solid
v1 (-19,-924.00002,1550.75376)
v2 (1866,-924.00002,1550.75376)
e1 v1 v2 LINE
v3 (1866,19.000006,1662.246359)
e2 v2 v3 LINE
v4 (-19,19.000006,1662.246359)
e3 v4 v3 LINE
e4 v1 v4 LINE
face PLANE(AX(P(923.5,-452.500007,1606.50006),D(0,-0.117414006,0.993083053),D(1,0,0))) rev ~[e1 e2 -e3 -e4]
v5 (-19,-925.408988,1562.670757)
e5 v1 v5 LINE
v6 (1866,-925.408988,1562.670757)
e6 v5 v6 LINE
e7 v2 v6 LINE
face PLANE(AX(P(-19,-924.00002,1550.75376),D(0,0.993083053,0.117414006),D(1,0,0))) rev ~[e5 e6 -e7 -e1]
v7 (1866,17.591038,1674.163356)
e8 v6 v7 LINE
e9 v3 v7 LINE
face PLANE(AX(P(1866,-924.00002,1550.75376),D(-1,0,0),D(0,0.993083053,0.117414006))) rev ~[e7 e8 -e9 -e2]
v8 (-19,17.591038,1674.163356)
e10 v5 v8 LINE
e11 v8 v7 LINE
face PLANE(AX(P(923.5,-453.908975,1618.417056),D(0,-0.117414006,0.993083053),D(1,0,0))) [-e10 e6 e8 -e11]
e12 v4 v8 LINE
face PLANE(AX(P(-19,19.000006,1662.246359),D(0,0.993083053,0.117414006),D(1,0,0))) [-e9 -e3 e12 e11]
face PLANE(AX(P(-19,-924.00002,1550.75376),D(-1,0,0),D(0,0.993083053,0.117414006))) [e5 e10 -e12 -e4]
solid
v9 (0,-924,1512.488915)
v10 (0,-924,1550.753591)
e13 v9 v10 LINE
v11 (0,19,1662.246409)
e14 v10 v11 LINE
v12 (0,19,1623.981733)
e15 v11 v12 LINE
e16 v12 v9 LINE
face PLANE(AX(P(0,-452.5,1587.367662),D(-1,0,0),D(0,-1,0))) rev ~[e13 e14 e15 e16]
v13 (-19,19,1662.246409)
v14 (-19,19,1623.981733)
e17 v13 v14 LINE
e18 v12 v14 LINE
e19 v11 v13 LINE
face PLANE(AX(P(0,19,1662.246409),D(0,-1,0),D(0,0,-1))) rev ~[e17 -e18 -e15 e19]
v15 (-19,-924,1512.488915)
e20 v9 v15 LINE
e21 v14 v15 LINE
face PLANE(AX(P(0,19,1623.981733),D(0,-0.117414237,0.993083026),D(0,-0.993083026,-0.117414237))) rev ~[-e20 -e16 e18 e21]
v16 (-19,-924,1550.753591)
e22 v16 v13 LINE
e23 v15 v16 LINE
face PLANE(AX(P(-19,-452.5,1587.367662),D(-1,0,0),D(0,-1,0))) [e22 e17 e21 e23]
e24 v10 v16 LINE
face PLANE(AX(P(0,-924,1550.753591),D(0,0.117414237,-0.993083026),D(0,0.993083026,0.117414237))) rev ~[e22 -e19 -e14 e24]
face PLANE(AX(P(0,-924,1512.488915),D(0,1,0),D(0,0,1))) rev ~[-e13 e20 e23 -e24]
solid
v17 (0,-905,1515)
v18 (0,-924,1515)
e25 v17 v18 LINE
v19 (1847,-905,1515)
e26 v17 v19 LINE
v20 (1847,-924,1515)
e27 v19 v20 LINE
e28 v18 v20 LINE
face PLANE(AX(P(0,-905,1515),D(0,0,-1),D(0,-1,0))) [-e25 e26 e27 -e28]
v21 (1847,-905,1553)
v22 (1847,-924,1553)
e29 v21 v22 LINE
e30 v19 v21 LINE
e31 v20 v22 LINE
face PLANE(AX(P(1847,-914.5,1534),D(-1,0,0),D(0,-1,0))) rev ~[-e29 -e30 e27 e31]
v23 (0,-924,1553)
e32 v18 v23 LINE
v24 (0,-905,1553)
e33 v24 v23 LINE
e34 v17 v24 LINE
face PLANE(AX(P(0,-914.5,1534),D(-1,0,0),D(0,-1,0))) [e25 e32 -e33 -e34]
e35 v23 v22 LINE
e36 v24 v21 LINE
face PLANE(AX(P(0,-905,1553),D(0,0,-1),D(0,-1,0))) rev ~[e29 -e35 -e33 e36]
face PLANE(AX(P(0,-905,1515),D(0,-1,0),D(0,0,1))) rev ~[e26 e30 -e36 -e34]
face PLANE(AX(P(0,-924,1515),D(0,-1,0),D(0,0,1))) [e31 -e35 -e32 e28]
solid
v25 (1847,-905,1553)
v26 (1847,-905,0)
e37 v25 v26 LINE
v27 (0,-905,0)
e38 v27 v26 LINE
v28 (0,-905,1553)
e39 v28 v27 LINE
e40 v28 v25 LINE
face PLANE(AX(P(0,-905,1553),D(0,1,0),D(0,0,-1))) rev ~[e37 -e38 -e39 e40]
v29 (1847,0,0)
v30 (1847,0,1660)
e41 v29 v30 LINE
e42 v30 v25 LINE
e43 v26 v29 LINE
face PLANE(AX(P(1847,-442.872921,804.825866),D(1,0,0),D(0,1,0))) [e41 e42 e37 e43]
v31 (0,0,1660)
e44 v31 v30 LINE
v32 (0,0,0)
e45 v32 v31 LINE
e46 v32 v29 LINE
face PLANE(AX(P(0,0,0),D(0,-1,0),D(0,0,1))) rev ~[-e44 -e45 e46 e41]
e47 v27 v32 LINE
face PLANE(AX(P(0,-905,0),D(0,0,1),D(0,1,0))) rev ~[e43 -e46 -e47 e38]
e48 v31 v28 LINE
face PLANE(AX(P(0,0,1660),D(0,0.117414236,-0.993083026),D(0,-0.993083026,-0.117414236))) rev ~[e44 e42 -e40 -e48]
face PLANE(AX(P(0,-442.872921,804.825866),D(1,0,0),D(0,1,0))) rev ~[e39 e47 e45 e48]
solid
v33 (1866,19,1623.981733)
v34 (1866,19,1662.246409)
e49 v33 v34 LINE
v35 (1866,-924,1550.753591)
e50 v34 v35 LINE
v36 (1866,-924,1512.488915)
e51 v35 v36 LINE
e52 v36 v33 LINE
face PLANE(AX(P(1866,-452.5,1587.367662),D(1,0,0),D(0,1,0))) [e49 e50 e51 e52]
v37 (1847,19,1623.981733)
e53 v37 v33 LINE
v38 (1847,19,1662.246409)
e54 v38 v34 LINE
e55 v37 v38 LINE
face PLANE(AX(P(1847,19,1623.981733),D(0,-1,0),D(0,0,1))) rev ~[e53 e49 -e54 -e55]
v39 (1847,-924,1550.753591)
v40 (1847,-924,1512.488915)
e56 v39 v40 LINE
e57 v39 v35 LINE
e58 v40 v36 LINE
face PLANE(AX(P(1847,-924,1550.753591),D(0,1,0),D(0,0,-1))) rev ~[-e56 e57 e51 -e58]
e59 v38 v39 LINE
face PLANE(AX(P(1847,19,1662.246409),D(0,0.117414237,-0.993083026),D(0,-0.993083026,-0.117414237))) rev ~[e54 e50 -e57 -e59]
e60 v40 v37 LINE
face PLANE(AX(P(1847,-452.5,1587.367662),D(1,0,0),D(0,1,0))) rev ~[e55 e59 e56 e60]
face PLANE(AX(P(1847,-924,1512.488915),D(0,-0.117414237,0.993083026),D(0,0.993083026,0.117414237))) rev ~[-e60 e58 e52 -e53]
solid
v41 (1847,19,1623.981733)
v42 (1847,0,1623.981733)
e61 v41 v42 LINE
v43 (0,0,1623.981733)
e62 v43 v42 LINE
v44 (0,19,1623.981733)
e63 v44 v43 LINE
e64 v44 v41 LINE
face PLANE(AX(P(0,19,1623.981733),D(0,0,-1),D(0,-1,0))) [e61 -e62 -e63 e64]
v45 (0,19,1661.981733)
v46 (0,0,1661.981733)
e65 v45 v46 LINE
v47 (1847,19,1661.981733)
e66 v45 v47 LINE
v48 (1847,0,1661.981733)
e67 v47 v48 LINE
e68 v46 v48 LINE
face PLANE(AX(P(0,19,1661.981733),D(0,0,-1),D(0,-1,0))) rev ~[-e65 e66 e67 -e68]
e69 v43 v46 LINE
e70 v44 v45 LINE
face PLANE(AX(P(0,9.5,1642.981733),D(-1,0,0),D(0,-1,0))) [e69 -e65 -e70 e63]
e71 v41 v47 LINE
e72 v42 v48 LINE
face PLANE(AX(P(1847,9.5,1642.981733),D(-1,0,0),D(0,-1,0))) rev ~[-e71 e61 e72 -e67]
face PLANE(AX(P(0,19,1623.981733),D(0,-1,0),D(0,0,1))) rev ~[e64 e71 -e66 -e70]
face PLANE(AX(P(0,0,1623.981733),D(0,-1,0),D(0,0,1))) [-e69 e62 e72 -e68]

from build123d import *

# Parameters (mm, degrees)
F1_DEPTH = 1847
F2_W     = 19
F2_H     = 38
F3_DEPTH = 1847
F5_DEPTH = 19
F7_DEPTH = 19
F8_W     = 1885
F8_H     = 949.568138
F9_DEPTH = 12


with BuildPart() as f1:
    # F0 (on Right) → F1 (new body)
    with BuildSketch(Plane.YZ):
        Polygon((-905, 0), (0, 0), (0, 1660), (-905, 1553), align=None)
    extrude(amount=F1_DEPTH)


with BuildPart() as f3:
    # F2 (on face) → F3 (new body, through all)
    with BuildSketch(Plane(origin=(0, 0, 0), x_dir=(0, -1, 0), z_dir=(-1, 0, 0))):
        with Locations((914.5, 1534)):
            Rectangle(F2_W, F2_H)
        with Locations((-9.5, 1642.981733)):
            Rectangle(F2_W, F2_H)
    extrude(amount=-F3_DEPTH)


with BuildPart() as f5:
    # F4 (on face) → F5 (new body)
    with BuildSketch(Plane(origin=(0, 0, 0), x_dir=(0, -1, 0), z_dir=(-1, 0, 0))):
        Polygon((924, 1550.753591), (-19, 1662.246409), (-19, 1623.981733), (924, 1512.488915), align=None)
    extrude(amount=F5_DEPTH)


with BuildPart() as f7:
    # F6 (on face) → F7 (new body)
    with BuildSketch(Plane.YZ.offset(1847)):
        Polygon((-924, 1512.488915), (19, 1623.981733), (19, 1662.246409), (-924, 1550.753591), align=None)
    extrude(amount=F7_DEPTH)


with BuildPart() as f9:
    # F8 (on face) → F9 (new body)
    with BuildSketch(Plane(origin=(0, -193.559461, 1637.115069), x_dir=(1, 0, 0), z_dir=(0, -0.117414, 0.993083))):
        with Locations((923.5, -260.744099)):
            Rectangle(F8_W, F8_H)
    extrude(amount=F9_DEPTH)


solid = Compound([f1.part, f3.part, f5.part, f7.part, f9.part])
